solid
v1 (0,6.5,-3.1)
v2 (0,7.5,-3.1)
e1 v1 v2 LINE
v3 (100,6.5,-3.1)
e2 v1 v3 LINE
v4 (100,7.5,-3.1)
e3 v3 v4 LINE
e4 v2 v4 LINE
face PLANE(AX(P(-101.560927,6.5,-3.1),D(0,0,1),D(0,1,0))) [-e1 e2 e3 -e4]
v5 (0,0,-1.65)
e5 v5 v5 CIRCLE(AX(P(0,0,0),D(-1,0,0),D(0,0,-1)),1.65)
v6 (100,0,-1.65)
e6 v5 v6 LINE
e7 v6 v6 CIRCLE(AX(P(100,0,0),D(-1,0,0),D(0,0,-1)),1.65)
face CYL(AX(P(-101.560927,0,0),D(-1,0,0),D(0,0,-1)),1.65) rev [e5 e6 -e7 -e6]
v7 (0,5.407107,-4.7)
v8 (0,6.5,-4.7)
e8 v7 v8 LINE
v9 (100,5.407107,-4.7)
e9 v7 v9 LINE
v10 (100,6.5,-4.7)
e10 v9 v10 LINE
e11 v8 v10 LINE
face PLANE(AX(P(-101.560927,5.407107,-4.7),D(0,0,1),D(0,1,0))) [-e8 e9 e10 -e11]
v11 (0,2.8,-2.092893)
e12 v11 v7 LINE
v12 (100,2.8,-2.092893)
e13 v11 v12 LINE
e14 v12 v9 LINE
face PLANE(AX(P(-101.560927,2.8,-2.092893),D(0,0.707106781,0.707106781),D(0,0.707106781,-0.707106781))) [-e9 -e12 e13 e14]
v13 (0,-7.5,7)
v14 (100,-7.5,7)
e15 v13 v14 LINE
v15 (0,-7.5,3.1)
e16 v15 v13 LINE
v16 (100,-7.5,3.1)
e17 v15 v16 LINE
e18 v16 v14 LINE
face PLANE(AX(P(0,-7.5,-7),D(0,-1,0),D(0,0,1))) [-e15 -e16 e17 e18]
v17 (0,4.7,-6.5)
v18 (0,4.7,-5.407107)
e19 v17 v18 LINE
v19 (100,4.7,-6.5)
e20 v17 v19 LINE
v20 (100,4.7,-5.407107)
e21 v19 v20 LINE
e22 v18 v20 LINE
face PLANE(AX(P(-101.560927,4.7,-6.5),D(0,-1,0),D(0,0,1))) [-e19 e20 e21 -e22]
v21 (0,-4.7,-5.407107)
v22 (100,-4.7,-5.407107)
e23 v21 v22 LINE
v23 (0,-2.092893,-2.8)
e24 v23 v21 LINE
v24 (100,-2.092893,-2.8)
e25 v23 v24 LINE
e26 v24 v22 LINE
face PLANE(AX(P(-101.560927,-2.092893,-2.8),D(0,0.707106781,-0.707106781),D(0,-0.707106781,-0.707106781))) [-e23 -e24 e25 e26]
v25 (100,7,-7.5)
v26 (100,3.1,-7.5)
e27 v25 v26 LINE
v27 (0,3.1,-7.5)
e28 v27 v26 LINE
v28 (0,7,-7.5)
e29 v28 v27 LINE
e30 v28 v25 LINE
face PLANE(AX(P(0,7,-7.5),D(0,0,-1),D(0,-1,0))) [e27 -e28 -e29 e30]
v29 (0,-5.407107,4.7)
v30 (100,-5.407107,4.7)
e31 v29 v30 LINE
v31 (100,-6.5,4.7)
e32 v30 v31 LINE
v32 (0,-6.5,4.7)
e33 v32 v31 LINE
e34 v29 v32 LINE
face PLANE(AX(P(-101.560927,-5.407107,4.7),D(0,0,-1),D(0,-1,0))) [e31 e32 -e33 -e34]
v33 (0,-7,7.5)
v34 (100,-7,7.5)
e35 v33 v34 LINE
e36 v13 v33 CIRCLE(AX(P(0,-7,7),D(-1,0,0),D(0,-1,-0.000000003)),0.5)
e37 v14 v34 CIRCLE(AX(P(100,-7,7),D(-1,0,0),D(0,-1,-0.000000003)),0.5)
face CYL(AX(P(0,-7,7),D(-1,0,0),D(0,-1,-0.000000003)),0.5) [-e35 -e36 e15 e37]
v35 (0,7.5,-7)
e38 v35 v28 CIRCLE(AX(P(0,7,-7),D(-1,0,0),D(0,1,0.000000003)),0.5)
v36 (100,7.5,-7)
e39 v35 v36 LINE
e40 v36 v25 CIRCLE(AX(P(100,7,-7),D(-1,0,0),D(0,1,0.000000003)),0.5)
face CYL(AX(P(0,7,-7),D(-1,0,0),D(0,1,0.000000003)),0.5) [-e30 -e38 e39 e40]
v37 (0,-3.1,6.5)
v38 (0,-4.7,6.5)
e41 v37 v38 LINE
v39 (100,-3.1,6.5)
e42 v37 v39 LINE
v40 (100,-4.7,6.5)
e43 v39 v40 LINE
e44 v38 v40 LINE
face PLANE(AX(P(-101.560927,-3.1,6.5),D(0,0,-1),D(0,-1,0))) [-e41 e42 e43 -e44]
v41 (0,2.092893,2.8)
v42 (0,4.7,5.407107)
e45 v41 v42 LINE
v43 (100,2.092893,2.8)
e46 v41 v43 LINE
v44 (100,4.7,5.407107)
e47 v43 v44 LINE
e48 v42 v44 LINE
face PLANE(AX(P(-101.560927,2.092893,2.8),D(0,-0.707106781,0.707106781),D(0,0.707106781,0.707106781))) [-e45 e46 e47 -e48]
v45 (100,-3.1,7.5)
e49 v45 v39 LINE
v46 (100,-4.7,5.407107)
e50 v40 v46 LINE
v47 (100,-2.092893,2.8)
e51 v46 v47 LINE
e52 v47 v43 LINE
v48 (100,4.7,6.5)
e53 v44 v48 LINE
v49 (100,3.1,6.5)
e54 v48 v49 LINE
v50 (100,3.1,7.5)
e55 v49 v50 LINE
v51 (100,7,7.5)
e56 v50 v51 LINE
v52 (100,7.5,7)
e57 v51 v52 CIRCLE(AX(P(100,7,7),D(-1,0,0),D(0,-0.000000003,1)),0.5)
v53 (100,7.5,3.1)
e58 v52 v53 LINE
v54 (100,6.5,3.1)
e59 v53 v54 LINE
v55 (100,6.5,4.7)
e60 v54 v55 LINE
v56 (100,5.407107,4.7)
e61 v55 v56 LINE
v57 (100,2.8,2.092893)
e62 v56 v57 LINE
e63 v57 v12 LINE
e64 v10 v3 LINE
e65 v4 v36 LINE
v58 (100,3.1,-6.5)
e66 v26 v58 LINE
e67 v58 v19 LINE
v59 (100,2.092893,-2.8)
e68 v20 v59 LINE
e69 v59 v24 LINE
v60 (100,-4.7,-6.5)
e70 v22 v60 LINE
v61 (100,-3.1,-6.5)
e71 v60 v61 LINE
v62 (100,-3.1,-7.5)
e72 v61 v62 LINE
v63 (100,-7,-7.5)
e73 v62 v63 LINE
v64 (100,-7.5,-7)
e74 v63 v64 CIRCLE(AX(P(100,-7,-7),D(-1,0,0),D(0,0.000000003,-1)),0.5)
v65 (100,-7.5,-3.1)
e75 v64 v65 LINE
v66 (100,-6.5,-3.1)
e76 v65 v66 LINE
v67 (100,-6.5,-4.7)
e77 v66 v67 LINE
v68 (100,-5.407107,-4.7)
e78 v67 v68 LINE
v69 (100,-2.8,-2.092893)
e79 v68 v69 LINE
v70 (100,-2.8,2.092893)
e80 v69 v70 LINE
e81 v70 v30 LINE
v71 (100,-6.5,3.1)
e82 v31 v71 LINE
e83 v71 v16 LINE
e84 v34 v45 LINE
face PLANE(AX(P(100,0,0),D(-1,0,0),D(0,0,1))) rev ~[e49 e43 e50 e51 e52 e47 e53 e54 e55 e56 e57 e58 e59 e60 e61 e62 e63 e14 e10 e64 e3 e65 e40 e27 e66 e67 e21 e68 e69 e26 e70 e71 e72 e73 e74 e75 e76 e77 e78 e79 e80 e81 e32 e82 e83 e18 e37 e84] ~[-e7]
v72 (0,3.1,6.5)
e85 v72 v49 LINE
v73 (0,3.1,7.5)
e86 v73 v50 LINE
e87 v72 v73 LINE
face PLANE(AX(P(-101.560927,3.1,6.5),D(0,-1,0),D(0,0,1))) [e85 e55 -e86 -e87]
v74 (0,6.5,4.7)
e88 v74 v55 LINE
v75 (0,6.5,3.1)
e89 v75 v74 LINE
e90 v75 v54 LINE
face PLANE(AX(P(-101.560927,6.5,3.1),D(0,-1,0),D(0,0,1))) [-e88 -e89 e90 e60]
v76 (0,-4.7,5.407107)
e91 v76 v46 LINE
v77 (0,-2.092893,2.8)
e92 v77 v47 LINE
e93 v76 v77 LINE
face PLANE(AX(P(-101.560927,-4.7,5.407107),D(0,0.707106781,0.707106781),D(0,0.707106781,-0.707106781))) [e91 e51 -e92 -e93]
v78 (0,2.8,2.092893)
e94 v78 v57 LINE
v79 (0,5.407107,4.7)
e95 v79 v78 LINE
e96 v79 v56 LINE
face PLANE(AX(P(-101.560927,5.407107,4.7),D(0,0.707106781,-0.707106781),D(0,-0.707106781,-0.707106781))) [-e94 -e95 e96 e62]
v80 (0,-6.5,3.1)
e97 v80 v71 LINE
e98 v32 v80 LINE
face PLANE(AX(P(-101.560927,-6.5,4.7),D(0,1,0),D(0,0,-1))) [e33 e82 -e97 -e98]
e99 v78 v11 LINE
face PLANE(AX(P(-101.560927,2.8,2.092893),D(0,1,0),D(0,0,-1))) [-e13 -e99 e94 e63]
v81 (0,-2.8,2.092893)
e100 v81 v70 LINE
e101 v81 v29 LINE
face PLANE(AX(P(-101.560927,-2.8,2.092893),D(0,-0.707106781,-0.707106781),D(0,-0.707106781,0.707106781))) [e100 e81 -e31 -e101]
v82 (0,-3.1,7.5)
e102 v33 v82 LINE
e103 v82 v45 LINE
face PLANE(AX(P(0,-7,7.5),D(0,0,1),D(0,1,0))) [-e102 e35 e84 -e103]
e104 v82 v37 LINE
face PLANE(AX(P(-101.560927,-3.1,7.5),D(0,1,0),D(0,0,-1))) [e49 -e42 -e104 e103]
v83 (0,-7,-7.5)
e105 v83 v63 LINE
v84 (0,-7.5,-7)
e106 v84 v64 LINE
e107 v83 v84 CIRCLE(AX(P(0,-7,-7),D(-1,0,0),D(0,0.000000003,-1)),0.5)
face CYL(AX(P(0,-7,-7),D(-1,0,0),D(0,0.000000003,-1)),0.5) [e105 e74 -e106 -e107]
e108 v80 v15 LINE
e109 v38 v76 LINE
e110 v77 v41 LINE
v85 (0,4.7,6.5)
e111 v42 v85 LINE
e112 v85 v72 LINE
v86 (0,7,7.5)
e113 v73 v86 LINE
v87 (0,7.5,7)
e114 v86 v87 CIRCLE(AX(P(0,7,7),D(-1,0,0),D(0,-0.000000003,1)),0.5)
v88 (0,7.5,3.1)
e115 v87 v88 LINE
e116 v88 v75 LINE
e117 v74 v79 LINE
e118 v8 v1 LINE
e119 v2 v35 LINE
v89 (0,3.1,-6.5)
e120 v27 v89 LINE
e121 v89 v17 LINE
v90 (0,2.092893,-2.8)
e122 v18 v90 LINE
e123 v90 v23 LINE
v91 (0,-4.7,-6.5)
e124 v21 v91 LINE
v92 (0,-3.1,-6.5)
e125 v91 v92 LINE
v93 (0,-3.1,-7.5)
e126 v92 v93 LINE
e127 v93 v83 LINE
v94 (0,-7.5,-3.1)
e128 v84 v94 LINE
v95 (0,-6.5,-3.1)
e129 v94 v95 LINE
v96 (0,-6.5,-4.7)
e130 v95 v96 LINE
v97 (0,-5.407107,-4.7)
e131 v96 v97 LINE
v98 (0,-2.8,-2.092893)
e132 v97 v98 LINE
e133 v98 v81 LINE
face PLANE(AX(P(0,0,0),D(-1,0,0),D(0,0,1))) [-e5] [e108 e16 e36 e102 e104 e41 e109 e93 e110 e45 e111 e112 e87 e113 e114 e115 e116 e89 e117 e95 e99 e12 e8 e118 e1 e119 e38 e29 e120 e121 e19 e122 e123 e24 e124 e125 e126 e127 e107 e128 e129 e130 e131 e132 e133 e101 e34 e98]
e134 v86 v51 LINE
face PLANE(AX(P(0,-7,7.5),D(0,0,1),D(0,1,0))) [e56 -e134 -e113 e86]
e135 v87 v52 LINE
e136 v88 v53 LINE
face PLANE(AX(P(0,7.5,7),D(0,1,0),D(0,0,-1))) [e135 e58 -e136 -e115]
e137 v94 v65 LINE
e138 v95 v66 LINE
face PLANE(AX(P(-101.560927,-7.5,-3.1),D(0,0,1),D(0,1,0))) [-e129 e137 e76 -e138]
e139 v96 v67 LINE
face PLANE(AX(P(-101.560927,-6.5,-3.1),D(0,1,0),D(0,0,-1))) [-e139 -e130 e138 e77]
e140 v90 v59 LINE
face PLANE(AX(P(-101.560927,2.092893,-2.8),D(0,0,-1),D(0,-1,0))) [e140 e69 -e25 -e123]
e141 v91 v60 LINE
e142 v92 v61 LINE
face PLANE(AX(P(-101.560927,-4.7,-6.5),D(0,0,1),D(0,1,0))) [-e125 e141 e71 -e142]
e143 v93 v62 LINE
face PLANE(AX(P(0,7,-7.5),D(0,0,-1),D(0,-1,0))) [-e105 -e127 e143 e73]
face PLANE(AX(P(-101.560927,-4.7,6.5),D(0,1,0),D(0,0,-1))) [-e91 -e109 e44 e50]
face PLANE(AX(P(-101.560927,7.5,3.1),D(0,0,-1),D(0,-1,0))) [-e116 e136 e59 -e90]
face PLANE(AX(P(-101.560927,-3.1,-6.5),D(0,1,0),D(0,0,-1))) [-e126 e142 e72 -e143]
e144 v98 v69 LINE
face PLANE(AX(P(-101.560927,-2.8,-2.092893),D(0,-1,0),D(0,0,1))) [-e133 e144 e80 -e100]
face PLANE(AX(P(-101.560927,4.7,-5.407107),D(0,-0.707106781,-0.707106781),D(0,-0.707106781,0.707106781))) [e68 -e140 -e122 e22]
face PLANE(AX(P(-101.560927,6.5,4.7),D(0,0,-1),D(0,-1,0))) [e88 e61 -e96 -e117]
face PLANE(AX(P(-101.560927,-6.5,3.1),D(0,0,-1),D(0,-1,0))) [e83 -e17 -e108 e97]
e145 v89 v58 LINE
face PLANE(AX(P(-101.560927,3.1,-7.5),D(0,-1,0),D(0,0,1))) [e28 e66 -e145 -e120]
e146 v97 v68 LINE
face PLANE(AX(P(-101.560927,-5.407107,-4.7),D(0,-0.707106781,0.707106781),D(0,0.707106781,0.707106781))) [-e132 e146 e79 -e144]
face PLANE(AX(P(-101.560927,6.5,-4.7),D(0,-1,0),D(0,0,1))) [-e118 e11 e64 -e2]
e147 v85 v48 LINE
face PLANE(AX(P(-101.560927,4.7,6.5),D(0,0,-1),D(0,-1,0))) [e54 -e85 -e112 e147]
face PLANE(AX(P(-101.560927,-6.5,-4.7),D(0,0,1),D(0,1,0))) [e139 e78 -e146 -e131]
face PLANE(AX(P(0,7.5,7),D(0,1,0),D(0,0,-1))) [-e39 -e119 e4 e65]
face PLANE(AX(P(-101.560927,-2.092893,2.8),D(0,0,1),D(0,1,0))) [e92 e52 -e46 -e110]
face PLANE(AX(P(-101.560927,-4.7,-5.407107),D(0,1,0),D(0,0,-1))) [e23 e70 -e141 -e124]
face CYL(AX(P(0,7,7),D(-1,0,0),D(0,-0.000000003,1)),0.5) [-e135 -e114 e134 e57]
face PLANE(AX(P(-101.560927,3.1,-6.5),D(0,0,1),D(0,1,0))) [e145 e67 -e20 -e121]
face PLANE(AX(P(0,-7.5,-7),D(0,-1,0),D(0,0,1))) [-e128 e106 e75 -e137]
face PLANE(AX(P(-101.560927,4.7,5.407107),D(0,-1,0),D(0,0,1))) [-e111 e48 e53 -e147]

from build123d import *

# Parameters (mm, degrees)
EXTRUDE_1_DEPTH          = 100
CUT_EXTRUDE_2_DEPTH      = 101.560926806
CUT_EXTRUDE_2_DEPTH_BACK = 101.560926806
SKETCH_2_4_R             = 1.65


with BuildPart() as part:
    # 草图2 → 凸台-拉伸1 (new body)
    with BuildSketch(Plane(origin=(0, 0, 0), x_dir=(0, 0, -1), z_dir=(1, 0, 0))):
        with BuildLine():
            Line((-7, 7.5), (7, 7.5))
            ThreePointArc((7, 7.5), (7.353553391, 7.353553391), (7.5, 7))
            Line((7.5, 7), (7.5, -7))
            ThreePointArc((7.5, -7), (7.353553391, -7.353553391), (7, -7.5))
            Line((7, -7.5), (-7, -7.5))
            ThreePointArc((-7, -7.5), (-7.353553391, -7.353553391), (-7.5, -7))
            Line((-7.5, -7), (-7.5, 7))
            ThreePointArc((-7.5, 7), (-7.353553391, 7.353553391), (-7, 7.5))
        make_face()
    extrude(amount=EXTRUDE_1_DEPTH)

    # 草图2<4> → 切除-拉伸2 (cut, two sides: drawn at the far end of the back side and taken through both)
    with BuildSketch(Plane(origin=(0, 0, 0), x_dir=(0, 0, -1), z_dir=(1, 0, 0)).offset(-CUT_EXTRUDE_2_DEPTH_BACK)):
        Polygon((3.1, 7.5), (-3.1, 7.5), (-3.1, 6.5), (-4.7, 6.5), (-4.7, 5.407106781), (-2.092893219, 2.8), (2.092893219, 2.8), (4.7, 5.407106781), (4.7, 6.5), (3.1, 6.5), align=None)
        Polygon((-6.5, 3.1), (-7.5, 3.1), (-7.5, -3.1), (-6.5, -3.1), (-6.5, -4.7), (-5.407106781, -4.7), (-2.8, -2.092893219), (-2.8, 2.092893219), (-5.407106781, 4.7), (-6.5, 4.7), align=None)
        Polygon((7.5, -3.1), (7.5, 3.1), (6.5, 3.1), (6.5, 4.7), (5.407106781, 4.7), (2.8, 2.092893219), (2.8, -2.092893219), (5.407106781, -4.7), (6.5, -4.7), (6.5, -3.1), align=None)
        Polygon((-3.1, -6.5), (-3.1, -7.5), (3.1, -7.5), (3.1, -6.5), (4.7, -6.5), (4.7, -5.407106781), (2.092893219, -2.8), (-2.092893219, -2.8), (-4.7, -5.407106781), (-4.7, -6.5), align=None)
        Circle(SKETCH_2_4_R)
    extrude(amount=CUT_EXTRUDE_2_DEPTH + CUT_EXTRUDE_2_DEPTH_BACK, mode=Mode.SUBTRACT)


solid = part.part
